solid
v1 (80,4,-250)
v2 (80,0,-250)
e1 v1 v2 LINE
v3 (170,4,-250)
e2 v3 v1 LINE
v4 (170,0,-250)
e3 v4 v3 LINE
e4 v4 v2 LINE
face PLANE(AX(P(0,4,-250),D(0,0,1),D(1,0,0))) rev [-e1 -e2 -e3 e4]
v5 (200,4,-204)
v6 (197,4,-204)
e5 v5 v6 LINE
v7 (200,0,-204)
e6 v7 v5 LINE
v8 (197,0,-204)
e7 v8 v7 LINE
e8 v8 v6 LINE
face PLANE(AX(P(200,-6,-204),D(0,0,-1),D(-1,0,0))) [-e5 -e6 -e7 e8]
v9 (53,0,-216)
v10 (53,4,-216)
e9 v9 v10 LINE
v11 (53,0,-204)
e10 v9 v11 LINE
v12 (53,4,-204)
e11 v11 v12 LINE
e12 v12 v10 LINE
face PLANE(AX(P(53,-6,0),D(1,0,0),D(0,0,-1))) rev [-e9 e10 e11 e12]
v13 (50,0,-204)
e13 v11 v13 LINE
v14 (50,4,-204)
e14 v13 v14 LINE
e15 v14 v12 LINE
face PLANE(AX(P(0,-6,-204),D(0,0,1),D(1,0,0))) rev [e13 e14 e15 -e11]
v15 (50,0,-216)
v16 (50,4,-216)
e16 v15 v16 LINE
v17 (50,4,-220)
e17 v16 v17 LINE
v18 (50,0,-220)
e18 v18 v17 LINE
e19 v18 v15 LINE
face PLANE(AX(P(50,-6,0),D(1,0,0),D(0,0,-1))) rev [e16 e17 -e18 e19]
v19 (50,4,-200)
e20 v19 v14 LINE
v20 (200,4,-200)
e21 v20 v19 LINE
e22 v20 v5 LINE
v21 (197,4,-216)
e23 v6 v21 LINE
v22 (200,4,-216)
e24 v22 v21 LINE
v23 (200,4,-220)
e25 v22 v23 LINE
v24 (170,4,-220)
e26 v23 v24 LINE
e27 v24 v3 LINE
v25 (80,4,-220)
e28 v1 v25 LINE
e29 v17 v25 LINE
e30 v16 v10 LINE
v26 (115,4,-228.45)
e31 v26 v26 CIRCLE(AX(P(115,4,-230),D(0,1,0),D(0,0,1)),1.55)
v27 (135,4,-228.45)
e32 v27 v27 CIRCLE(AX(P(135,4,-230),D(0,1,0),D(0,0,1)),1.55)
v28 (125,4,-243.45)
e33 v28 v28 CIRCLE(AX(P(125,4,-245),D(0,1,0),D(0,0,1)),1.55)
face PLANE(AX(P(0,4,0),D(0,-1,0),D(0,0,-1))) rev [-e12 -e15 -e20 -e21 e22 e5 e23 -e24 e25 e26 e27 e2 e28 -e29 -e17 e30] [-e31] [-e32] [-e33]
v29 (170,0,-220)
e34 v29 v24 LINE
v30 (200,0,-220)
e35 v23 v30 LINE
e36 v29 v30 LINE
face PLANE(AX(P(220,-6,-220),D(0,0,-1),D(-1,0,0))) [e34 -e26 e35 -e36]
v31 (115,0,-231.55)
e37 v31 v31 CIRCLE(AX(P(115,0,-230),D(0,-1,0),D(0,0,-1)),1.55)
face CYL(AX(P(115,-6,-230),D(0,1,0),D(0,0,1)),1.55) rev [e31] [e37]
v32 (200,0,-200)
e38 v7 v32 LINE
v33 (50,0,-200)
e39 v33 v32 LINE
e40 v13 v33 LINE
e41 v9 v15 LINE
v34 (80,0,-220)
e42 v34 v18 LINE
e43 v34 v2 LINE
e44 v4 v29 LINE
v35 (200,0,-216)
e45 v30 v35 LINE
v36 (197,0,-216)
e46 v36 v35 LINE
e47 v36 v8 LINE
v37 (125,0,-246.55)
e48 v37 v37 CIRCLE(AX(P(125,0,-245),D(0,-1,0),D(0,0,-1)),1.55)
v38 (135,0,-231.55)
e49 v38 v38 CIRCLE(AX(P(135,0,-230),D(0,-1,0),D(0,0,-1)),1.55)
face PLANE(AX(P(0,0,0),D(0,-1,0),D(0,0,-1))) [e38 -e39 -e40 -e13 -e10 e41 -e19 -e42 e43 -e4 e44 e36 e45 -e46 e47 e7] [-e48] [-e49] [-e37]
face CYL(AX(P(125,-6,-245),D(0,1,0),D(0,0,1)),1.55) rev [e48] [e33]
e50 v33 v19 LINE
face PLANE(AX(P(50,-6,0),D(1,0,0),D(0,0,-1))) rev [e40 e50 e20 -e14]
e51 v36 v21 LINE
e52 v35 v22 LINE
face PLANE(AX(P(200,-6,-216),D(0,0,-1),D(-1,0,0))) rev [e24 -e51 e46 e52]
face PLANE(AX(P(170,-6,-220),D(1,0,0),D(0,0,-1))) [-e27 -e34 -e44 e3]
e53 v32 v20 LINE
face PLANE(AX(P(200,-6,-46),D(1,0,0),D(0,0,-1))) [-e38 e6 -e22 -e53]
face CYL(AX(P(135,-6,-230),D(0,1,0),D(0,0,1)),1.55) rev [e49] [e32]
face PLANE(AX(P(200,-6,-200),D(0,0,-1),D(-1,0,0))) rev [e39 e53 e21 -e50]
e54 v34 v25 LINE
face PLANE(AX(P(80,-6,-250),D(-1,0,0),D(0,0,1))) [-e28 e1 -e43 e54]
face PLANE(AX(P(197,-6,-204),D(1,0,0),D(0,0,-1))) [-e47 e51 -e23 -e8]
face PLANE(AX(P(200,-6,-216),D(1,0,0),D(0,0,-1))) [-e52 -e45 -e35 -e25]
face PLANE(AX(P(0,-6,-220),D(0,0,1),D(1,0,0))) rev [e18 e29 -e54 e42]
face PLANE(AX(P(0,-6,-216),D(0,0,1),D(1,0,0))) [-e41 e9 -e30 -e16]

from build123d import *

# Parameters (mm, degrees)
CROQUIS1_W              = 250
CROQUIS1_H              = 250
CROQUIS1_R              = 2.5
SALIENTE_EXTRUIR1_DEPTH = 4
CORTAR_EXTRUIR1_DEPTH   = 4
CROQUIS3_W              = 150
CROQUIS3_H              = 150
CROQUIS3_W_2            = 100
CROQUIS3_H_2            = 100
SALIENTE_EXTRUIR2_DEPTH = 4
CROQUIS4_R              = 1.55
CORTAR_EXTRUIR2_DEPTH   = 10
CROQUIS5_W              = 150
CROQUIS5_H              = 150
CROQUIS5_W_2            = 100
CROQUIS5_H_2            = 100
CORTAR_EXTRUIR3_DEPTH   = 10
CROQUIS6_W              = 30
CROQUIS6_H              = 50
CROQUIS6_W_2            = 50
CROQUIS6_H_2            = 30
CORTAR_EXTRUIR4_DEPTH   = 10
CROQUIS8_R              = 1.55
CORTAR_EXTRUIR5_DEPTH   = 10
CROQUIS9_R              = 2.5
CROQUIS9_R_2            = 1.55
CORTAR_EXTRUIR7_DEPTH   = 10
CORTAR_EXTRUIR8_DEPTH   = 10


with BuildPart() as part:
    # Croquis1 → Saliente-Extruir1 (new body)
    with BuildSketch(Plane(origin=(0, 0, 0), x_dir=(1, 0, 0), z_dir=(0, 1, 0))):
        with Locations((125, 125)):
            Rectangle(CROQUIS1_W, CROQUIS1_H)
        with Locations(Location((40, 210, 0), (0, 0, 270))):
            Circle(CROQUIS1_R, mode=Mode.SUBTRACT)
        with Locations(Location((210, 210, 0), (0, 0, 270))):
            Circle(CROQUIS1_R, mode=Mode.SUBTRACT)
        with Locations(Location((210, 40, 0), (0, 0, 270))):
            Circle(CROQUIS1_R, mode=Mode.SUBTRACT)
        with Locations(Location((40, 40, 0), (0, 0, 270))):
            Circle(CROQUIS1_R, mode=Mode.SUBTRACT)
    extrude(amount=SALIENTE_EXTRUIR1_DEPTH)

    # Croquis2 → Cortar-Extruir1 (cut)
    with BuildSketch(Plane(origin=(0, 4, 0), x_dir=(1, 0, 0), z_dir=(0, 1, 0))):
        Polygon((50, 50), (200, 50), (200, 200), (50, 200), (50, 150.09044268), align=None)
    extrude(amount=-CORTAR_EXTRUIR1_DEPTH, mode=Mode.SUBTRACT)

    # Croquis3 → Saliente-Extruir2 (add)
    with BuildSketch(Plane(origin=(0, 4, 0), x_dir=(1, 0, 0), z_dir=(0, 1, 0))):
        with Locations((125, 125)):
            Rectangle(CROQUIS3_W, CROQUIS3_H)
        with Locations((125, 125)):
            Rectangle(CROQUIS3_W_2, CROQUIS3_H_2, mode=Mode.SUBTRACT)
    extrude(amount=-SALIENTE_EXTRUIR2_DEPTH)

    # Croquis4 → Cortar-Extruir2 (cut)
    with BuildSketch(Plane(origin=(0, 4, 0), x_dir=(1, 0, 0), z_dir=(0, 1, 0))):
        with Locations(Location((115, 20, 0), (0, 0, 270))):
            Circle(CROQUIS4_R)
        with Locations(Location((135, 20, 0), (0, 0, 270))):
            Circle(CROQUIS4_R)
        with Locations(Location((125, 5, 0), (0, 0, 270))):
            Circle(CROQUIS4_R)
    extrude(amount=-CORTAR_EXTRUIR2_DEPTH, mode=Mode.SUBTRACT)

    # Croquis5 → Cortar-Extruir3 (cut)
    with BuildSketch(Plane(origin=(0, 4, 0), x_dir=(1, 0, 0), z_dir=(0, 1, 0))):
        with Locations((125, 125)):
            Rectangle(CROQUIS5_W, CROQUIS5_H)
        with Locations((125, 125)):
            Rectangle(CROQUIS5_W_2, CROQUIS5_H_2, mode=Mode.SUBTRACT)
    extrude(amount=-CORTAR_EXTRUIR3_DEPTH, mode=Mode.SUBTRACT)

    # Croquis6 → Cortar-Extruir4 (cut)
    with BuildSketch(Plane(origin=(0, 4, 0), x_dir=(1, 0, 0), z_dir=(0, 1, 0))):
        Polygon((170, 0), (250, 0), (250, 30), (220, 30), (170, 30), align=None)
        with Locations((235, 55)):
            Rectangle(CROQUIS6_W, CROQUIS6_H)
        Polygon((0, 80), (0, 0), (30, 0), (30, 30), (30, 80), align=None)
        with Locations((55, 15)):
            Rectangle(CROQUIS6_W_2, CROQUIS6_H_2)
        Polygon((80, 250), (0, 250), (0, 220), (30, 220), (80, 220), align=None)
        with Locations((15, 195)):
            Rectangle(CROQUIS6_W, CROQUIS6_H)
        Polygon((250, 170), (250, 250), (220, 250), (220, 220), (220, 170), align=None)
        with Locations((195, 235)):
            Rectangle(CROQUIS6_W_2, CROQUIS6_H_2)
    extrude(amount=-CORTAR_EXTRUIR4_DEPTH, mode=Mode.SUBTRACT)

    # Croquis8 → Cortar-Extruir5 (cut)
    with BuildSketch(Plane(origin=(0, 4, 0), x_dir=(1, 0, 0), z_dir=(0, 1, 0))):
        with Locations(Location((125, 5, 0), (0, 0, 270))):
            Circle(CROQUIS8_R)
        with Locations(Location((135, 20, 0), (0, 0, 270))):
            Circle(CROQUIS8_R)
        with Locations(Location((115, 20, 0), (0, 0, 270))):
            Circle(CROQUIS8_R)
        with Locations(Location((20, 135, 0), (0, 0, 270))):
            Circle(CROQUIS8_R)
        with Locations(Location((5, 125, 0), (0, 0, 270))):
            Circle(CROQUIS8_R)
        with Locations(Location((20, 115, 0), (0, 0, 270))):
            Circle(CROQUIS8_R)
        with Locations(Location((135, 230, 0), (0, 0, 270))):
            Circle(CROQUIS8_R)
        with Locations(Location((125, 245, 0), (0, 0, 270))):
            Circle(CROQUIS8_R)
        with Locations(Location((115, 230, 0), (0, 0, 270))):
            Circle(CROQUIS8_R)
        with Locations(Location((230, 115, 0), (0, 0, 270))):
            Circle(CROQUIS8_R)
        with Locations(Location((245, 125, 0), (0, 0, 270))):
            Circle(CROQUIS8_R)
        with Locations(Location((230, 135, 0), (0, 0, 270))):
            Circle(CROQUIS8_R)
    extrude(amount=-CORTAR_EXTRUIR5_DEPTH, mode=Mode.SUBTRACT)

    # Croquis9 → Cortar-Extruir7 (cut)
    # profile 1 of 2: a face of its own
    with BuildSketch(Plane(origin=(0, 4, 0), x_dir=(1, 0, 0), z_dir=(0, 1, 0))):
        Polygon((30, 30), (50, 30), (50, 34), (53, 34), (53, 46), (50, 46), (50, 50), (50, 200), (50, 204), (53, 204), (53, 216), (50, 216), (50, 220), (30, 220), (30, 170), (0, 170), (0, 80), (30, 80), align=None)
        with Locations((40, 40)):
            Circle(CROQUIS9_R, mode=Mode.SUBTRACT)
        with Locations((20, 115)):
            Circle(CROQUIS9_R_2, mode=Mode.SUBTRACT)
        with Locations((5, 125)):
            Circle(CROQUIS9_R_2, mode=Mode.SUBTRACT)
        with Locations((20, 135)):
            Circle(CROQUIS9_R_2, mode=Mode.SUBTRACT)
        with Locations((40, 210)):
            Circle(CROQUIS9_R, mode=Mode.SUBTRACT)
    # profile 2 of 2: a face of its own
    with BuildSketch(Plane(origin=(0, 4, 0), x_dir=(1, 0, 0), z_dir=(0, 1, 0))):
        Polygon((200, 0), (250, 0), (250, 250), (200, 250), (200, 216), (197, 216), (197, 204), (200, 204), (200, 46), (197, 46), (197, 34), (200, 34), align=None)
    extrude(amount=-CORTAR_EXTRUIR7_DEPTH, mode=Mode.SUBTRACT)


with BuildPart() as cortar_extruir7_piece_1:
    # of the separate pieces the step leaves, piece 1, a body of its own (cortar_extruir7_pieces)
    add(part.part.solids().sort_by_distance((80, 0, 0))[0])

    # Croquis10 → Cortar-Extruir8 (cut)
    with BuildSketch(Plane(origin=(0, 4, 0), x_dir=(1, 0, 0), z_dir=(0, 1, 0))):
        Polygon((200, 50), (50, 50), (50, 46), (53, 46), (53, 34), (50, 34), (50, 30), (80, 30), (80, 0), (170, 0), (170, 30), (200, 30), (200, 34), (197, 34), (197, 46), (200, 46), align=None)
    extrude(amount=-CORTAR_EXTRUIR8_DEPTH, mode=Mode.SUBTRACT)


with BuildPart() as cortar_extruir7_piece_2:
    # of the separate pieces the step leaves, piece 2, a body of its own (cortar_extruir7_pieces)
    add(part.part.solids().sort_by_distance((50, 0, -200))[0])


solid = cortar_extruir7_piece_2.part
